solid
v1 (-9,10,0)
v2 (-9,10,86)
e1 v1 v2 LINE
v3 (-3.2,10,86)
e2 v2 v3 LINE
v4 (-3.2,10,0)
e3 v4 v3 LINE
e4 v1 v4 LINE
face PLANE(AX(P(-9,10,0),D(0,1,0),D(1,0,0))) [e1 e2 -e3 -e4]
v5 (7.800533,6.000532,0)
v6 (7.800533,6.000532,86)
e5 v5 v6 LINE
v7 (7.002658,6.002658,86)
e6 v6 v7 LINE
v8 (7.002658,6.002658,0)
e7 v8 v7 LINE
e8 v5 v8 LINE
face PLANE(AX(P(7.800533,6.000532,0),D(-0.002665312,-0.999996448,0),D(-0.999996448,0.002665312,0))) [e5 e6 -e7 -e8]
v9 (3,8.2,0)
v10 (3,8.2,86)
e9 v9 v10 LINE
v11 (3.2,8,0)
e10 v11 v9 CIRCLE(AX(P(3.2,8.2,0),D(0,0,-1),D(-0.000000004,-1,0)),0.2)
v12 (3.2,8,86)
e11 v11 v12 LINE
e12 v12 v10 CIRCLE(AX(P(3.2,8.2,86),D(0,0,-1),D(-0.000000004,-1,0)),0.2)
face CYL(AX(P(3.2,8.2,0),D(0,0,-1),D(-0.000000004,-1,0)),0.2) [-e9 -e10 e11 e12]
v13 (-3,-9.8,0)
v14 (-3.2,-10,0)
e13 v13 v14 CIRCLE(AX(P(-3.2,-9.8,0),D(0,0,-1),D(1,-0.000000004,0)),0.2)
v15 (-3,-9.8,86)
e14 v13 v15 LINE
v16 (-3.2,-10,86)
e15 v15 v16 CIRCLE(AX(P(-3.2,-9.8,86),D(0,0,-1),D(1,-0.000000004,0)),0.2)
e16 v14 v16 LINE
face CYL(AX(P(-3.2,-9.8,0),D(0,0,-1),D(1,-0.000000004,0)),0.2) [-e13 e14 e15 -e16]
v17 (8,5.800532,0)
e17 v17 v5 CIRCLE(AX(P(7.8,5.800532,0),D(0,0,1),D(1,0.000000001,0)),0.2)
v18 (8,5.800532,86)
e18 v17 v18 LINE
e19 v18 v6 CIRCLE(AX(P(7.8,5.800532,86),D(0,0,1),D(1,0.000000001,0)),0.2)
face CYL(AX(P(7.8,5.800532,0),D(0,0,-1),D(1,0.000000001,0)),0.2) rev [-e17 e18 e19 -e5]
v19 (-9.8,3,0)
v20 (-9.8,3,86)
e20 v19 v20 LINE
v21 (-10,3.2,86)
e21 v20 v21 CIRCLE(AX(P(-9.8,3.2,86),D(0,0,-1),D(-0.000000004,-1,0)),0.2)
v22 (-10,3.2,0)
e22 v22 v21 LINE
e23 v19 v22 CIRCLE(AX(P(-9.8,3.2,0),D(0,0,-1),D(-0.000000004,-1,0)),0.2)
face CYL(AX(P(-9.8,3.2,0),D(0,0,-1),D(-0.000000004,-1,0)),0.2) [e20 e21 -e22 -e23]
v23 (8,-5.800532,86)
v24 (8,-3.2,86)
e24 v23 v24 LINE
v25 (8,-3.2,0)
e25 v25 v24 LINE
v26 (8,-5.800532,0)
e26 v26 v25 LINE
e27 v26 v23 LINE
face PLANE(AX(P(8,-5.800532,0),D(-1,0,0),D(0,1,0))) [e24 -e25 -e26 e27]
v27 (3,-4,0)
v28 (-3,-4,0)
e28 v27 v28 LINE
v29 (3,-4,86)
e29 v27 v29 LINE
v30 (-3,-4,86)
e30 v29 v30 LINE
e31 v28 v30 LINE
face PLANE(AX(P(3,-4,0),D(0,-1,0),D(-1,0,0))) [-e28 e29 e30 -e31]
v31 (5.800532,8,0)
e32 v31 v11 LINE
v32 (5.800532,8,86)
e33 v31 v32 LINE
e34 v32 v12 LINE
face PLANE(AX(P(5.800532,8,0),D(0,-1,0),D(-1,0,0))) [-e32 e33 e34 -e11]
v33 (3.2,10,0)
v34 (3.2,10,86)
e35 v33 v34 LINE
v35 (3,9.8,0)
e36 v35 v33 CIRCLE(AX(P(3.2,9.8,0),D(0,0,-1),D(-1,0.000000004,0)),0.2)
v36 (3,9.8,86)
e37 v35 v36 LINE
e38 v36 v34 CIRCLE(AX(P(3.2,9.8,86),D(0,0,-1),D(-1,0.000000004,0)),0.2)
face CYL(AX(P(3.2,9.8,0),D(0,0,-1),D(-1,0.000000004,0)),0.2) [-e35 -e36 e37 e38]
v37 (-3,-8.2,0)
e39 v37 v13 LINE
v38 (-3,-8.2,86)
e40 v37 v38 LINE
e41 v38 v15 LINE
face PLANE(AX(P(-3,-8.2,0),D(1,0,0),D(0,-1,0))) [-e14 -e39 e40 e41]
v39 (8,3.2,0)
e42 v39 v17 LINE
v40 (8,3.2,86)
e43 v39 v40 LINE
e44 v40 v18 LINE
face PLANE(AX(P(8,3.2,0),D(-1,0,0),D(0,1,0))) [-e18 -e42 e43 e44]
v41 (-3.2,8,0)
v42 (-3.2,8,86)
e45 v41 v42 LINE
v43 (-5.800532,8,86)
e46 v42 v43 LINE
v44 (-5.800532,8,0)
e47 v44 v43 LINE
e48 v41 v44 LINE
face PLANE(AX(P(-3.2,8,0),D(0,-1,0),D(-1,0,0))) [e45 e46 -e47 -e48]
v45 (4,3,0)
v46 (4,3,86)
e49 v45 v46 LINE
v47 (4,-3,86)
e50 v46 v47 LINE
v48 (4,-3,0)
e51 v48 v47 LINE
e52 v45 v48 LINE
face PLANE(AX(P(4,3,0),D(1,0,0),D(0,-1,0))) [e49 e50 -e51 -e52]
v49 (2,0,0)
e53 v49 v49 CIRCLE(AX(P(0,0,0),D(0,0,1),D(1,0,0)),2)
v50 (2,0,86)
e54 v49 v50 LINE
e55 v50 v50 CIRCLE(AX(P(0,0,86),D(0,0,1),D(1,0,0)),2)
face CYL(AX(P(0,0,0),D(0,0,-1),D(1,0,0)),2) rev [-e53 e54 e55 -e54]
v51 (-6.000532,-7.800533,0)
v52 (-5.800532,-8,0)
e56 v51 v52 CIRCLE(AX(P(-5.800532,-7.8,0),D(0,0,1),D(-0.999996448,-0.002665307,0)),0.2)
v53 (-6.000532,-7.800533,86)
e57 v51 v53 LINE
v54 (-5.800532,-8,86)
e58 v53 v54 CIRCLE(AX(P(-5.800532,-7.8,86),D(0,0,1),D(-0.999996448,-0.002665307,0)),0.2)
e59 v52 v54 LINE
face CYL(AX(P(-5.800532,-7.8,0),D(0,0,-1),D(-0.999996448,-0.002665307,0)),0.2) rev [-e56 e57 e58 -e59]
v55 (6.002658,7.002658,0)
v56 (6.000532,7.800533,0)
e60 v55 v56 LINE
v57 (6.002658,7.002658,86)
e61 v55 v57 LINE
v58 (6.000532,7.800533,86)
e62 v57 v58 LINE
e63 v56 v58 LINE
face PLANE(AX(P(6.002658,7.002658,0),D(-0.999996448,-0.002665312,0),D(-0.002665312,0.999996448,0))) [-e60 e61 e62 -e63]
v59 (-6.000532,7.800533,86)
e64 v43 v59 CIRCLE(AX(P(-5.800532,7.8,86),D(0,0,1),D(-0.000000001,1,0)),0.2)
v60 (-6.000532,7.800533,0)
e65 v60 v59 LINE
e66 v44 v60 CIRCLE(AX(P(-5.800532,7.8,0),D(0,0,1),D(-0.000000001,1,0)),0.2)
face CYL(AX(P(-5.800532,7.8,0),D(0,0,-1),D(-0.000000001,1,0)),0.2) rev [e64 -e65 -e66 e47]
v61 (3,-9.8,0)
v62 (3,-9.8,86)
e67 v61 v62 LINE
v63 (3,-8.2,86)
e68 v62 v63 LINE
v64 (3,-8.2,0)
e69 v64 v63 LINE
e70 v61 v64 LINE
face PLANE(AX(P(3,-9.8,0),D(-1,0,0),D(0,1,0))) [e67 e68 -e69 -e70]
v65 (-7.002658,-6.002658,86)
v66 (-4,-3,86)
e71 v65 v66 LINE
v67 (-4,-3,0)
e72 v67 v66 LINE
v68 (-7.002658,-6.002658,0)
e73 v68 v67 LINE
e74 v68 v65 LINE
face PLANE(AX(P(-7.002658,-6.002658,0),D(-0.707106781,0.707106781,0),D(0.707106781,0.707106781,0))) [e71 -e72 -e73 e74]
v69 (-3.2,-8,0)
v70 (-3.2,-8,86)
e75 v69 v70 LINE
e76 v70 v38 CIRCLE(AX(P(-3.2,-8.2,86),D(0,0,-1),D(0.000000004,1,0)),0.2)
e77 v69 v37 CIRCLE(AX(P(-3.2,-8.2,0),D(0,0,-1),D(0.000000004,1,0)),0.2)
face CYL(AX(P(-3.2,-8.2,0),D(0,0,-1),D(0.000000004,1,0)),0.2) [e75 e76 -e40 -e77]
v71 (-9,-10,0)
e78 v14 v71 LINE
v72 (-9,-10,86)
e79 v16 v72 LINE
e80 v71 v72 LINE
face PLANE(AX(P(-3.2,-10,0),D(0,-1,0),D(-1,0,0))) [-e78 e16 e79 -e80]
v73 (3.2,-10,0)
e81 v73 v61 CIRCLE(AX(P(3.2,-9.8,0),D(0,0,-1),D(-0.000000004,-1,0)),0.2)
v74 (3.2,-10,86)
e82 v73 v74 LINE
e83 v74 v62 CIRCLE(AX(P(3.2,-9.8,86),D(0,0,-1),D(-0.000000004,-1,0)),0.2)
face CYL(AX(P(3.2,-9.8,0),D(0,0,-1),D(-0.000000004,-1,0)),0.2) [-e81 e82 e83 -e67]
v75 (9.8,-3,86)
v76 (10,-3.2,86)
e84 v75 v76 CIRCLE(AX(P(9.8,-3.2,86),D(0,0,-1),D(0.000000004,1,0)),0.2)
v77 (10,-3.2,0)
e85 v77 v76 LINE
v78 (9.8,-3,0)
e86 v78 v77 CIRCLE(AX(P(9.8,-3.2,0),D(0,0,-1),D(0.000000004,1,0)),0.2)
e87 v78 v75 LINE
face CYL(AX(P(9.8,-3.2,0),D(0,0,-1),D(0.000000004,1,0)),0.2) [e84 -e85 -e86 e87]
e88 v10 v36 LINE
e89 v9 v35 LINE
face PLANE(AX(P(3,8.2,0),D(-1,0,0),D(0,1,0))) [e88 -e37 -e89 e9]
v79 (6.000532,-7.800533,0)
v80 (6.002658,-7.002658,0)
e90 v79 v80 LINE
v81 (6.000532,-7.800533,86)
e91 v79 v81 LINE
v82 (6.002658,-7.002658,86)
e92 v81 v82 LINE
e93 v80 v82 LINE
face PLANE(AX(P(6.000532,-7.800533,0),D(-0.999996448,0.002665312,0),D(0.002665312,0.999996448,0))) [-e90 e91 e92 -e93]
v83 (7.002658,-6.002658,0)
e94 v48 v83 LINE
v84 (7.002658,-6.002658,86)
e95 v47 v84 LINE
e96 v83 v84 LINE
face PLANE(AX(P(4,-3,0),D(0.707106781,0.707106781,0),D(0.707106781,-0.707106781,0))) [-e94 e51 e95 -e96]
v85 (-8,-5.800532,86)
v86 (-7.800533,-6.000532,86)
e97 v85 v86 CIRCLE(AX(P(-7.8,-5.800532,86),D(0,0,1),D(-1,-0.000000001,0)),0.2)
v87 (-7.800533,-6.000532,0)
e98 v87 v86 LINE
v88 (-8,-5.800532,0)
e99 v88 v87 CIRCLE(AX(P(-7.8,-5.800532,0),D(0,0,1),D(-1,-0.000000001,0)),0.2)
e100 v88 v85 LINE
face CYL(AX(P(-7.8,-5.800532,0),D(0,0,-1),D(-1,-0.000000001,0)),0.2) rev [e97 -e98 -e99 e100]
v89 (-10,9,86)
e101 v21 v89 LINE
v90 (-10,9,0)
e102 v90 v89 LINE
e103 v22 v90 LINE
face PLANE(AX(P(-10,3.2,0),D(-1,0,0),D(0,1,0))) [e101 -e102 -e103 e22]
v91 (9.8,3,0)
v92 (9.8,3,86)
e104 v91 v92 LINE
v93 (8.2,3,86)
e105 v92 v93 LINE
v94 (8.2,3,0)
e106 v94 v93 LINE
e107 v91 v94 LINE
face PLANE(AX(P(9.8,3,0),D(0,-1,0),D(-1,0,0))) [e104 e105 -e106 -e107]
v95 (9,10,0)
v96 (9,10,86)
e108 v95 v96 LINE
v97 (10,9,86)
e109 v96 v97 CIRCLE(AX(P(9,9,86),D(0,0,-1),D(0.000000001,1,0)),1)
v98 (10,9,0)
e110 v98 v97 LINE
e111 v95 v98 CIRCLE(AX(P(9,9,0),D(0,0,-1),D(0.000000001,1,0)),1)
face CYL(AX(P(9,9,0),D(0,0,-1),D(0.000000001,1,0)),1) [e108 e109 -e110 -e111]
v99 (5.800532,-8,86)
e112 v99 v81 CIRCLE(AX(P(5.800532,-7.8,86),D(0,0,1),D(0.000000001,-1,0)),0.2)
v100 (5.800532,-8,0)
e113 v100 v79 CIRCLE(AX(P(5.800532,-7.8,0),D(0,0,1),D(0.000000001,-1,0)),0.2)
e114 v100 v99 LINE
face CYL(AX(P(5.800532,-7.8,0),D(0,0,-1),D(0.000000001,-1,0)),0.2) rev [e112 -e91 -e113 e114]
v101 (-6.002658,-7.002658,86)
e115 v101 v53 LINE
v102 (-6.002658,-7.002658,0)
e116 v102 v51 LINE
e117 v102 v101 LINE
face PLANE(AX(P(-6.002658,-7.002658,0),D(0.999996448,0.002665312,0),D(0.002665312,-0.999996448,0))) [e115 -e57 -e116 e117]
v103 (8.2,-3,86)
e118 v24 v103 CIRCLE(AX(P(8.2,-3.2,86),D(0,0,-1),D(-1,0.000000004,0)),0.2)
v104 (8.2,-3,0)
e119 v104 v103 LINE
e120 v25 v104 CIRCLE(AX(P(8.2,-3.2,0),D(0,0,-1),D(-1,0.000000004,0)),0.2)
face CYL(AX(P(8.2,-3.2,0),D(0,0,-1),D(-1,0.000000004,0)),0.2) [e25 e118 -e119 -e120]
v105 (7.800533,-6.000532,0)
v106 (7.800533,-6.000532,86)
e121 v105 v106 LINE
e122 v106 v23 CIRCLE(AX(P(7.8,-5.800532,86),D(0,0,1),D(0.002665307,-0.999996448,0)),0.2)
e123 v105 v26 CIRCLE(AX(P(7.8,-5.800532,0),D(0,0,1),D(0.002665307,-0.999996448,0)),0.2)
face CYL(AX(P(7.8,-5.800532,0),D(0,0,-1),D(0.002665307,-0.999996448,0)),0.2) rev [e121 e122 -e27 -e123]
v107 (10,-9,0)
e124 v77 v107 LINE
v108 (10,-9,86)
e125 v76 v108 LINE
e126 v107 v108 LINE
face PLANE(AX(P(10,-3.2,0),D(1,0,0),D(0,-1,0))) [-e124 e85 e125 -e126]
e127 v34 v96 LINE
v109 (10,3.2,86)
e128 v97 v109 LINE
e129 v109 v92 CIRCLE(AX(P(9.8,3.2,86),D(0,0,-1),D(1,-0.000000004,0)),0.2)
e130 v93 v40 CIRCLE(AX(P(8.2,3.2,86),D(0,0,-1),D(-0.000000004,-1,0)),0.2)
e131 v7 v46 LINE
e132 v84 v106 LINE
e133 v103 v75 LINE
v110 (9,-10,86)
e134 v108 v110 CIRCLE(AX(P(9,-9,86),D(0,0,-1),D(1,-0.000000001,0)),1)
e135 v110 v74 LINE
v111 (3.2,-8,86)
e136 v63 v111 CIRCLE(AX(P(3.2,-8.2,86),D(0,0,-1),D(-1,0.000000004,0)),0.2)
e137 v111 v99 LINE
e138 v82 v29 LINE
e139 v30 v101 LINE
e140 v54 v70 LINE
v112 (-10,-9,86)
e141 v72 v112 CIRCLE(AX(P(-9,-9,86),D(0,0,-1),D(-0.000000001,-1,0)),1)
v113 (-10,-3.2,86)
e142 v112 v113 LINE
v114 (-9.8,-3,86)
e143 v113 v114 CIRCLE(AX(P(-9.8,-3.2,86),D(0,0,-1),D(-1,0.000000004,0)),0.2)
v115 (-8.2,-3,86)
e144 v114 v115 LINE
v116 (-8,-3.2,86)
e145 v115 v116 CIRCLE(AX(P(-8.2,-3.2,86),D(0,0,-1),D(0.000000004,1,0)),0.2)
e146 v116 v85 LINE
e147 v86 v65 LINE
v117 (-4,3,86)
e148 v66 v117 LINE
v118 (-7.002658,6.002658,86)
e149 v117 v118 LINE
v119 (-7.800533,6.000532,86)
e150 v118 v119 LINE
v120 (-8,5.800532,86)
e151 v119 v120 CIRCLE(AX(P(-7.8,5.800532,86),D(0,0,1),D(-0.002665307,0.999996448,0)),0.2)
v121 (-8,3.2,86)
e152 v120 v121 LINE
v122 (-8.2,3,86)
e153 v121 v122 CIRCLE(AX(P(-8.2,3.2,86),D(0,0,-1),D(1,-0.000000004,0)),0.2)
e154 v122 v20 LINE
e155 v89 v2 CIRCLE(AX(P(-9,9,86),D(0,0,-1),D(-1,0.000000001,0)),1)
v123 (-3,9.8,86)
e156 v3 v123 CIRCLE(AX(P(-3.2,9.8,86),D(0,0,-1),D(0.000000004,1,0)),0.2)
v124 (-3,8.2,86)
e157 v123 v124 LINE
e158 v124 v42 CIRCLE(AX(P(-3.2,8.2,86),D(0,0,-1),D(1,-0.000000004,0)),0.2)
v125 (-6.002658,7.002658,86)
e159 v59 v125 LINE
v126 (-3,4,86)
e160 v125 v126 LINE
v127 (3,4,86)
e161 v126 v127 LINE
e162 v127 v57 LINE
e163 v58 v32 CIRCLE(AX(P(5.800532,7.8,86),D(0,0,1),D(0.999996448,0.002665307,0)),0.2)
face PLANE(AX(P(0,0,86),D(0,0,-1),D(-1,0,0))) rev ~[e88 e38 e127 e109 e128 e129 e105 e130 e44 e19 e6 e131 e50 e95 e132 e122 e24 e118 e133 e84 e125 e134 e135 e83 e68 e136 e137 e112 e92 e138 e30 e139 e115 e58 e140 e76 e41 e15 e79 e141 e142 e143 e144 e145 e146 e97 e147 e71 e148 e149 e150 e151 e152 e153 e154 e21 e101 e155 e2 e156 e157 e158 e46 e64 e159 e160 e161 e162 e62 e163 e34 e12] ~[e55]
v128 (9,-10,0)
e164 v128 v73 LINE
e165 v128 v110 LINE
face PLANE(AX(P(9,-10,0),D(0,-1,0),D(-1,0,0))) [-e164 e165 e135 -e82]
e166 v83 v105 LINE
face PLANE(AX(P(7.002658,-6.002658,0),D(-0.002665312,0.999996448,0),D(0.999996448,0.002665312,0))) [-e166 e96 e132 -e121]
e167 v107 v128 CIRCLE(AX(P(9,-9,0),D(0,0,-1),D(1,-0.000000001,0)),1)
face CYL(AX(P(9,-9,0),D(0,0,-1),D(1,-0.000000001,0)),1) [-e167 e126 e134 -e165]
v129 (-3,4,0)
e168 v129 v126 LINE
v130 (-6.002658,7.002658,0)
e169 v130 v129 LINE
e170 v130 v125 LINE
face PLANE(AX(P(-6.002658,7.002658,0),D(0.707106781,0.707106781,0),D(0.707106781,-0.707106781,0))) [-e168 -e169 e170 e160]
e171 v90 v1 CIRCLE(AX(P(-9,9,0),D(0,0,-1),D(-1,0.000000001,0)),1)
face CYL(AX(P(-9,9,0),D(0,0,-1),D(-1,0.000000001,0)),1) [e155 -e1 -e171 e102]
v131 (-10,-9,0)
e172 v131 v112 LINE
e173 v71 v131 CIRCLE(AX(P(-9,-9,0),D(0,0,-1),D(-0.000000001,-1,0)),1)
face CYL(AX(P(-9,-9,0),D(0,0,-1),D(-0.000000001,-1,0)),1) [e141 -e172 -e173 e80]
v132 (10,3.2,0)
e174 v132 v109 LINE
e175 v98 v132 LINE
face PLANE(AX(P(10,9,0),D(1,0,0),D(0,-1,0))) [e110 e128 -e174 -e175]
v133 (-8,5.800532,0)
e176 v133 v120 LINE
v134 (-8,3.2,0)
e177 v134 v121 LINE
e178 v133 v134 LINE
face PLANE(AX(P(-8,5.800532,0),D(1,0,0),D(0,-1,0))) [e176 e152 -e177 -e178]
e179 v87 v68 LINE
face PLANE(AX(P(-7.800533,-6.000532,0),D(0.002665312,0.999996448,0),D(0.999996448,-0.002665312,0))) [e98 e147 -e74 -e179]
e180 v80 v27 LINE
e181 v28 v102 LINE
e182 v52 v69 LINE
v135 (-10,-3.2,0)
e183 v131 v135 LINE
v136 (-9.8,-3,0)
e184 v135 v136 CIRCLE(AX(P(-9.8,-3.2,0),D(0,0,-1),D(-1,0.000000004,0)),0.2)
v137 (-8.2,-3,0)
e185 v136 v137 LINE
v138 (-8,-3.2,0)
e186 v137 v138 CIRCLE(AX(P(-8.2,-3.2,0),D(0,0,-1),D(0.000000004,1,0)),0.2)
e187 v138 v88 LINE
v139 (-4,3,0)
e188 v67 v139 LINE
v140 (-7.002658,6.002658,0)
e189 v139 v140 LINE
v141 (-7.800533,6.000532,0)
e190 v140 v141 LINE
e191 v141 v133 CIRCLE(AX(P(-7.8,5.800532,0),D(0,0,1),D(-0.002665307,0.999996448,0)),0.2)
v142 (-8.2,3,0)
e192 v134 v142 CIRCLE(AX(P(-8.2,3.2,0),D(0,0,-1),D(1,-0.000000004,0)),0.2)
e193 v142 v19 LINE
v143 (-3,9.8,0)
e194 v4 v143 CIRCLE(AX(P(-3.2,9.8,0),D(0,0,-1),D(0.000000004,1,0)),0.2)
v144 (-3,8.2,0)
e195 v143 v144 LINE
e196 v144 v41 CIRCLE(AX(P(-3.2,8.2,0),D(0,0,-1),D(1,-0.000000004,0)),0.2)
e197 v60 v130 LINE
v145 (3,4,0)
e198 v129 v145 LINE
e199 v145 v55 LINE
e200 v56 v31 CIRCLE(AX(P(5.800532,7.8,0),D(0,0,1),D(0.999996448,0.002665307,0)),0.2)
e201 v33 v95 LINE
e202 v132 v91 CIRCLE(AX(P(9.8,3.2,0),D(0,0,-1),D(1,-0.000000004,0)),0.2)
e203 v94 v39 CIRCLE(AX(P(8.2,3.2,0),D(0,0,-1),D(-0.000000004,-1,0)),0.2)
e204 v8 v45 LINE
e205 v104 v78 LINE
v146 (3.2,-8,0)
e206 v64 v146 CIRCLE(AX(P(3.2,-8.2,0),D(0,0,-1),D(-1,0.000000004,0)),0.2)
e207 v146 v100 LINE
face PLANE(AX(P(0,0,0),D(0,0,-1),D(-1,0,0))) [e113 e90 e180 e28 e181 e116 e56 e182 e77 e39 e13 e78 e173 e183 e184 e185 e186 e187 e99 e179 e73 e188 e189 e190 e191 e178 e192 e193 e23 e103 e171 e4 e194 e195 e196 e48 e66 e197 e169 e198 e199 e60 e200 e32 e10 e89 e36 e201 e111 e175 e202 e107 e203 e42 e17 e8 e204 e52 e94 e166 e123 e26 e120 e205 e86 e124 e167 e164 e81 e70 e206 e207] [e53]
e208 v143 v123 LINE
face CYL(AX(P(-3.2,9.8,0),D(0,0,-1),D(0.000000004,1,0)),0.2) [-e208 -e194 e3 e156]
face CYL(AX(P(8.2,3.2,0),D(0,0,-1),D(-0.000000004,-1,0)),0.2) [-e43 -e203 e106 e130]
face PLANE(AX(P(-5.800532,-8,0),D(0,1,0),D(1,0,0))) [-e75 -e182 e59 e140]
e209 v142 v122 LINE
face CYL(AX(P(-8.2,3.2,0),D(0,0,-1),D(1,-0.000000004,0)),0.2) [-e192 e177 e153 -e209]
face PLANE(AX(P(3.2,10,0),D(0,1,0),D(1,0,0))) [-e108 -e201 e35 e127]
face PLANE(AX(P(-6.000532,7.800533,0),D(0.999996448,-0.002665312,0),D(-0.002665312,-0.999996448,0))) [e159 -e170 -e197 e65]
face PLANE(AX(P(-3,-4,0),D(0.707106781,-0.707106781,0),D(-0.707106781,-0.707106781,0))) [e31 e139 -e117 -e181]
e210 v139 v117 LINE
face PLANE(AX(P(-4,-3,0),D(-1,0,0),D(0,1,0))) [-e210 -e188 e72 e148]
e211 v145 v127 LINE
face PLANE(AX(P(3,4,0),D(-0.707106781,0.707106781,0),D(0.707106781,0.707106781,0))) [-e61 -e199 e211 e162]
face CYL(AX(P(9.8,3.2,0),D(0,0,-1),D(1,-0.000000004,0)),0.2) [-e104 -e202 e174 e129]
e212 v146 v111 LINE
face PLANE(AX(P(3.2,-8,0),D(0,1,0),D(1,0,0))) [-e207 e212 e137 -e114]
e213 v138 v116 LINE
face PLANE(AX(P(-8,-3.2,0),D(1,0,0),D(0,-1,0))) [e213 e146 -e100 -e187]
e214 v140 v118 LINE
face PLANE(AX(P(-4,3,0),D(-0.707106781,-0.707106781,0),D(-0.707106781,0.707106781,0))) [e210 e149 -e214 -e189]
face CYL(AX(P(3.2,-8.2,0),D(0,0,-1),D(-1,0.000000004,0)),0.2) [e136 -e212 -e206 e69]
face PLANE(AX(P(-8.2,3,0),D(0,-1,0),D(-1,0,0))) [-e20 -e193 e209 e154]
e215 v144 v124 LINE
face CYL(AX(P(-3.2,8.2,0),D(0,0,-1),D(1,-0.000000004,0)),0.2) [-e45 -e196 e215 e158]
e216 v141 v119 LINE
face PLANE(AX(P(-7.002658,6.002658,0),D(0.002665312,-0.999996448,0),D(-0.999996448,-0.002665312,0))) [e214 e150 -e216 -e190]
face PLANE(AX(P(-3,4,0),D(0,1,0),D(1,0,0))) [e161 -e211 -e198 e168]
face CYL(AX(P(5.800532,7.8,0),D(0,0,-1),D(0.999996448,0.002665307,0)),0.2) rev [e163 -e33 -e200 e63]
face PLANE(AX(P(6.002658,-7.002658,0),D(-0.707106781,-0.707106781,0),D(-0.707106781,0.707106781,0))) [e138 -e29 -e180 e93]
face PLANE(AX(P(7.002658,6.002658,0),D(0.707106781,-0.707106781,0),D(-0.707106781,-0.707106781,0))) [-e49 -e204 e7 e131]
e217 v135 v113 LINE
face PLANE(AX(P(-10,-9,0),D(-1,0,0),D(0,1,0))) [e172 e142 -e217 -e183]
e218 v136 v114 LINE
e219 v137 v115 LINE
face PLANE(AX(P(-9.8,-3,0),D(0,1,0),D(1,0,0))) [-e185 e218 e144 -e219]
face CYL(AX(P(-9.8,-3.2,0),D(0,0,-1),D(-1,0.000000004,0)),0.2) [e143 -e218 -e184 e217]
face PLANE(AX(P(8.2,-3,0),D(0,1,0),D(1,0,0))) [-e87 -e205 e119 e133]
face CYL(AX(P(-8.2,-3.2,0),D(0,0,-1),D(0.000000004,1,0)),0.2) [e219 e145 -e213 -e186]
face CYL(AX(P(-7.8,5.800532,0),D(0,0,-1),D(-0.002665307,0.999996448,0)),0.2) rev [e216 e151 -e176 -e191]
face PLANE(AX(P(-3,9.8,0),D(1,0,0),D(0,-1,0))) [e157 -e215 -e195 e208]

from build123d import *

# Parameters (mm, degrees)
SKETCH1_R           = 2
BOSS_EXTRUDE1_DEPTH = 86


with BuildPart() as part:
    # Sketch1 → Boss-Extrude1 (new body)
    with BuildSketch(Plane.XY):
        with BuildLine():
            Line((-3.2, 8), (-5.800532354, 8))
            ThreePointArc((-5.800532354, 8), (-5.941765118, 7.941609697), (-6.000531643, 7.800533062))
            Line((-6.000531643, 7.800533062), (-6.002658236, 7.002658236))
            Line((-6.002658236, 7.002658236), (-3, 4))
            Line((-3, 4), (3, 4))
            Line((3, 4), (6.002658236, 7.002658236))
            Line((6.002658236, 7.002658236), (6.000531643, 7.800533062))
            ThreePointArc((6.000531643, 7.800533062), (5.941765118, 7.941609697), (5.800532354, 8))
            Line((5.800532354, 8), (3.2, 8))
            ThreePointArc((3.2, 8), (3.058578644, 8.058578644), (3, 8.2))
            Line((3, 8.2), (3, 9.8))
            ThreePointArc((3, 9.8), (3.058578644, 9.941421356), (3.2, 10))
            Line((3.2, 10), (9, 10))
            ThreePointArc((9, 10), (9.707106781, 9.707106781), (10, 9))
            Line((10, 9), (10, 3.2))
            ThreePointArc((10, 3.2), (9.941421356, 3.058578644), (9.8, 3))
            Line((9.8, 3), (8.2, 3))
            ThreePointArc((8.2, 3), (8.058578644, 3.058578644), (8, 3.2))
            Line((8, 3.2), (8, 5.800532354))
            ThreePointArc((8, 5.800532354), (7.941609697, 5.941765118), (7.800533062, 6.000531643))
            Line((7.800533062, 6.000531643), (7.002658236, 6.002658236))
            Line((7.002658236, 6.002658236), (4, 3))
            Line((4, 3), (4, -3))
            Line((4, -3), (7.002658236, -6.002658236))
            Line((7.002658236, -6.002658236), (7.800533062, -6.000531643))
            ThreePointArc((7.800533062, -6.000531643), (7.941609697, -5.941765118), (8, -5.800532354))
            Line((8, -5.800532354), (8, -3.2))
            ThreePointArc((8, -3.2), (8.058578644, -3.058578644), (8.2, -3))
            Line((8.2, -3), (9.8, -3))
            ThreePointArc((9.8, -3), (9.941421356, -3.058578644), (10, -3.2))
            Line((10, -3.2), (10, -9))
            ThreePointArc((10, -9), (9.707106781, -9.707106781), (9, -10))
            Line((9, -10), (3.2, -10))
            ThreePointArc((3.2, -10), (3.058578644, -9.941421356), (3, -9.8))
            Line((3, -9.8), (3, -8.2))
            ThreePointArc((3, -8.2), (3.058578644, -8.058578644), (3.2, -8))
            Line((3.2, -8), (5.800532354, -8))
            ThreePointArc((5.800532354, -8), (5.941765118, -7.941609697), (6.000531643, -7.800533062))
            Line((6.000531643, -7.800533062), (6.002658236, -7.002658236))
            Line((6.002658236, -7.002658236), (3, -4))
            Line((3, -4), (-3, -4))
            Line((-3, -4), (-6.002658236, -7.002658236))
            Line((-6.002658236, -7.002658236), (-6.000531643, -7.800533062))
            ThreePointArc((-6.000531643, -7.800533062), (-5.941765118, -7.941609697), (-5.800532354, -8))
            Line((-5.800532354, -8), (-3.2, -8))
            ThreePointArc((-3.2, -8), (-3.058578644, -8.058578644), (-3, -8.2))
            Line((-3, -8.2), (-3, -9.8))
            ThreePointArc((-3, -9.8), (-3.058578644, -9.941421356), (-3.2, -10))
            Line((-3.2, -10), (-9, -10))
            ThreePointArc((-9, -10), (-9.707106781, -9.707106781), (-10, -9))
            Line((-10, -9), (-10, -3.2))
            ThreePointArc((-10, -3.2), (-9.941421356, -3.058578644), (-9.8, -3))
            Line((-9.8, -3), (-8.2, -3))
            ThreePointArc((-8.2, -3), (-8.058578644, -3.058578644), (-8, -3.2))
            Line((-8, -3.2), (-8, -5.800532354))
            ThreePointArc((-8, -5.800532354), (-7.941609697, -5.941765118), (-7.800533062, -6.000531643))
            Line((-7.800533062, -6.000531643), (-7.002658236, -6.002658236))
            Line((-7.002658236, -6.002658236), (-4, -3))
            Line((-4, -3), (-4, 3))
            Line((-4, 3), (-7.002658236, 6.002658236))
            Line((-7.002658236, 6.002658236), (-7.800533062, 6.000531643))
            ThreePointArc((-7.800533062, 6.000531643), (-7.941609697, 5.941765118), (-8, 5.800532354))
            Line((-8, 5.800532354), (-8, 3.2))
            ThreePointArc((-8, 3.2), (-8.058578644, 3.058578644), (-8.2, 3))
            Line((-8.2, 3), (-9.8, 3))
            ThreePointArc((-9.8, 3), (-9.941421356, 3.058578644), (-10, 3.2))
            Line((-10, 3.2), (-10, 9))
            ThreePointArc((-10, 9), (-9.707106781, 9.707106781), (-9, 10))
            Line((-9, 10), (-3.2, 10))
            ThreePointArc((-3.2, 10), (-3.058578644, 9.941421356), (-3, 9.8))
            Line((-3, 9.8), (-3, 8.2))
            ThreePointArc((-3, 8.2), (-3.058578644, 8.058578644), (-3.2, 8))
        make_face()
        Circle(SKETCH1_R, mode=Mode.SUBTRACT)
    extrude(amount=BOSS_EXTRUDE1_DEPTH)


solid = part.part
